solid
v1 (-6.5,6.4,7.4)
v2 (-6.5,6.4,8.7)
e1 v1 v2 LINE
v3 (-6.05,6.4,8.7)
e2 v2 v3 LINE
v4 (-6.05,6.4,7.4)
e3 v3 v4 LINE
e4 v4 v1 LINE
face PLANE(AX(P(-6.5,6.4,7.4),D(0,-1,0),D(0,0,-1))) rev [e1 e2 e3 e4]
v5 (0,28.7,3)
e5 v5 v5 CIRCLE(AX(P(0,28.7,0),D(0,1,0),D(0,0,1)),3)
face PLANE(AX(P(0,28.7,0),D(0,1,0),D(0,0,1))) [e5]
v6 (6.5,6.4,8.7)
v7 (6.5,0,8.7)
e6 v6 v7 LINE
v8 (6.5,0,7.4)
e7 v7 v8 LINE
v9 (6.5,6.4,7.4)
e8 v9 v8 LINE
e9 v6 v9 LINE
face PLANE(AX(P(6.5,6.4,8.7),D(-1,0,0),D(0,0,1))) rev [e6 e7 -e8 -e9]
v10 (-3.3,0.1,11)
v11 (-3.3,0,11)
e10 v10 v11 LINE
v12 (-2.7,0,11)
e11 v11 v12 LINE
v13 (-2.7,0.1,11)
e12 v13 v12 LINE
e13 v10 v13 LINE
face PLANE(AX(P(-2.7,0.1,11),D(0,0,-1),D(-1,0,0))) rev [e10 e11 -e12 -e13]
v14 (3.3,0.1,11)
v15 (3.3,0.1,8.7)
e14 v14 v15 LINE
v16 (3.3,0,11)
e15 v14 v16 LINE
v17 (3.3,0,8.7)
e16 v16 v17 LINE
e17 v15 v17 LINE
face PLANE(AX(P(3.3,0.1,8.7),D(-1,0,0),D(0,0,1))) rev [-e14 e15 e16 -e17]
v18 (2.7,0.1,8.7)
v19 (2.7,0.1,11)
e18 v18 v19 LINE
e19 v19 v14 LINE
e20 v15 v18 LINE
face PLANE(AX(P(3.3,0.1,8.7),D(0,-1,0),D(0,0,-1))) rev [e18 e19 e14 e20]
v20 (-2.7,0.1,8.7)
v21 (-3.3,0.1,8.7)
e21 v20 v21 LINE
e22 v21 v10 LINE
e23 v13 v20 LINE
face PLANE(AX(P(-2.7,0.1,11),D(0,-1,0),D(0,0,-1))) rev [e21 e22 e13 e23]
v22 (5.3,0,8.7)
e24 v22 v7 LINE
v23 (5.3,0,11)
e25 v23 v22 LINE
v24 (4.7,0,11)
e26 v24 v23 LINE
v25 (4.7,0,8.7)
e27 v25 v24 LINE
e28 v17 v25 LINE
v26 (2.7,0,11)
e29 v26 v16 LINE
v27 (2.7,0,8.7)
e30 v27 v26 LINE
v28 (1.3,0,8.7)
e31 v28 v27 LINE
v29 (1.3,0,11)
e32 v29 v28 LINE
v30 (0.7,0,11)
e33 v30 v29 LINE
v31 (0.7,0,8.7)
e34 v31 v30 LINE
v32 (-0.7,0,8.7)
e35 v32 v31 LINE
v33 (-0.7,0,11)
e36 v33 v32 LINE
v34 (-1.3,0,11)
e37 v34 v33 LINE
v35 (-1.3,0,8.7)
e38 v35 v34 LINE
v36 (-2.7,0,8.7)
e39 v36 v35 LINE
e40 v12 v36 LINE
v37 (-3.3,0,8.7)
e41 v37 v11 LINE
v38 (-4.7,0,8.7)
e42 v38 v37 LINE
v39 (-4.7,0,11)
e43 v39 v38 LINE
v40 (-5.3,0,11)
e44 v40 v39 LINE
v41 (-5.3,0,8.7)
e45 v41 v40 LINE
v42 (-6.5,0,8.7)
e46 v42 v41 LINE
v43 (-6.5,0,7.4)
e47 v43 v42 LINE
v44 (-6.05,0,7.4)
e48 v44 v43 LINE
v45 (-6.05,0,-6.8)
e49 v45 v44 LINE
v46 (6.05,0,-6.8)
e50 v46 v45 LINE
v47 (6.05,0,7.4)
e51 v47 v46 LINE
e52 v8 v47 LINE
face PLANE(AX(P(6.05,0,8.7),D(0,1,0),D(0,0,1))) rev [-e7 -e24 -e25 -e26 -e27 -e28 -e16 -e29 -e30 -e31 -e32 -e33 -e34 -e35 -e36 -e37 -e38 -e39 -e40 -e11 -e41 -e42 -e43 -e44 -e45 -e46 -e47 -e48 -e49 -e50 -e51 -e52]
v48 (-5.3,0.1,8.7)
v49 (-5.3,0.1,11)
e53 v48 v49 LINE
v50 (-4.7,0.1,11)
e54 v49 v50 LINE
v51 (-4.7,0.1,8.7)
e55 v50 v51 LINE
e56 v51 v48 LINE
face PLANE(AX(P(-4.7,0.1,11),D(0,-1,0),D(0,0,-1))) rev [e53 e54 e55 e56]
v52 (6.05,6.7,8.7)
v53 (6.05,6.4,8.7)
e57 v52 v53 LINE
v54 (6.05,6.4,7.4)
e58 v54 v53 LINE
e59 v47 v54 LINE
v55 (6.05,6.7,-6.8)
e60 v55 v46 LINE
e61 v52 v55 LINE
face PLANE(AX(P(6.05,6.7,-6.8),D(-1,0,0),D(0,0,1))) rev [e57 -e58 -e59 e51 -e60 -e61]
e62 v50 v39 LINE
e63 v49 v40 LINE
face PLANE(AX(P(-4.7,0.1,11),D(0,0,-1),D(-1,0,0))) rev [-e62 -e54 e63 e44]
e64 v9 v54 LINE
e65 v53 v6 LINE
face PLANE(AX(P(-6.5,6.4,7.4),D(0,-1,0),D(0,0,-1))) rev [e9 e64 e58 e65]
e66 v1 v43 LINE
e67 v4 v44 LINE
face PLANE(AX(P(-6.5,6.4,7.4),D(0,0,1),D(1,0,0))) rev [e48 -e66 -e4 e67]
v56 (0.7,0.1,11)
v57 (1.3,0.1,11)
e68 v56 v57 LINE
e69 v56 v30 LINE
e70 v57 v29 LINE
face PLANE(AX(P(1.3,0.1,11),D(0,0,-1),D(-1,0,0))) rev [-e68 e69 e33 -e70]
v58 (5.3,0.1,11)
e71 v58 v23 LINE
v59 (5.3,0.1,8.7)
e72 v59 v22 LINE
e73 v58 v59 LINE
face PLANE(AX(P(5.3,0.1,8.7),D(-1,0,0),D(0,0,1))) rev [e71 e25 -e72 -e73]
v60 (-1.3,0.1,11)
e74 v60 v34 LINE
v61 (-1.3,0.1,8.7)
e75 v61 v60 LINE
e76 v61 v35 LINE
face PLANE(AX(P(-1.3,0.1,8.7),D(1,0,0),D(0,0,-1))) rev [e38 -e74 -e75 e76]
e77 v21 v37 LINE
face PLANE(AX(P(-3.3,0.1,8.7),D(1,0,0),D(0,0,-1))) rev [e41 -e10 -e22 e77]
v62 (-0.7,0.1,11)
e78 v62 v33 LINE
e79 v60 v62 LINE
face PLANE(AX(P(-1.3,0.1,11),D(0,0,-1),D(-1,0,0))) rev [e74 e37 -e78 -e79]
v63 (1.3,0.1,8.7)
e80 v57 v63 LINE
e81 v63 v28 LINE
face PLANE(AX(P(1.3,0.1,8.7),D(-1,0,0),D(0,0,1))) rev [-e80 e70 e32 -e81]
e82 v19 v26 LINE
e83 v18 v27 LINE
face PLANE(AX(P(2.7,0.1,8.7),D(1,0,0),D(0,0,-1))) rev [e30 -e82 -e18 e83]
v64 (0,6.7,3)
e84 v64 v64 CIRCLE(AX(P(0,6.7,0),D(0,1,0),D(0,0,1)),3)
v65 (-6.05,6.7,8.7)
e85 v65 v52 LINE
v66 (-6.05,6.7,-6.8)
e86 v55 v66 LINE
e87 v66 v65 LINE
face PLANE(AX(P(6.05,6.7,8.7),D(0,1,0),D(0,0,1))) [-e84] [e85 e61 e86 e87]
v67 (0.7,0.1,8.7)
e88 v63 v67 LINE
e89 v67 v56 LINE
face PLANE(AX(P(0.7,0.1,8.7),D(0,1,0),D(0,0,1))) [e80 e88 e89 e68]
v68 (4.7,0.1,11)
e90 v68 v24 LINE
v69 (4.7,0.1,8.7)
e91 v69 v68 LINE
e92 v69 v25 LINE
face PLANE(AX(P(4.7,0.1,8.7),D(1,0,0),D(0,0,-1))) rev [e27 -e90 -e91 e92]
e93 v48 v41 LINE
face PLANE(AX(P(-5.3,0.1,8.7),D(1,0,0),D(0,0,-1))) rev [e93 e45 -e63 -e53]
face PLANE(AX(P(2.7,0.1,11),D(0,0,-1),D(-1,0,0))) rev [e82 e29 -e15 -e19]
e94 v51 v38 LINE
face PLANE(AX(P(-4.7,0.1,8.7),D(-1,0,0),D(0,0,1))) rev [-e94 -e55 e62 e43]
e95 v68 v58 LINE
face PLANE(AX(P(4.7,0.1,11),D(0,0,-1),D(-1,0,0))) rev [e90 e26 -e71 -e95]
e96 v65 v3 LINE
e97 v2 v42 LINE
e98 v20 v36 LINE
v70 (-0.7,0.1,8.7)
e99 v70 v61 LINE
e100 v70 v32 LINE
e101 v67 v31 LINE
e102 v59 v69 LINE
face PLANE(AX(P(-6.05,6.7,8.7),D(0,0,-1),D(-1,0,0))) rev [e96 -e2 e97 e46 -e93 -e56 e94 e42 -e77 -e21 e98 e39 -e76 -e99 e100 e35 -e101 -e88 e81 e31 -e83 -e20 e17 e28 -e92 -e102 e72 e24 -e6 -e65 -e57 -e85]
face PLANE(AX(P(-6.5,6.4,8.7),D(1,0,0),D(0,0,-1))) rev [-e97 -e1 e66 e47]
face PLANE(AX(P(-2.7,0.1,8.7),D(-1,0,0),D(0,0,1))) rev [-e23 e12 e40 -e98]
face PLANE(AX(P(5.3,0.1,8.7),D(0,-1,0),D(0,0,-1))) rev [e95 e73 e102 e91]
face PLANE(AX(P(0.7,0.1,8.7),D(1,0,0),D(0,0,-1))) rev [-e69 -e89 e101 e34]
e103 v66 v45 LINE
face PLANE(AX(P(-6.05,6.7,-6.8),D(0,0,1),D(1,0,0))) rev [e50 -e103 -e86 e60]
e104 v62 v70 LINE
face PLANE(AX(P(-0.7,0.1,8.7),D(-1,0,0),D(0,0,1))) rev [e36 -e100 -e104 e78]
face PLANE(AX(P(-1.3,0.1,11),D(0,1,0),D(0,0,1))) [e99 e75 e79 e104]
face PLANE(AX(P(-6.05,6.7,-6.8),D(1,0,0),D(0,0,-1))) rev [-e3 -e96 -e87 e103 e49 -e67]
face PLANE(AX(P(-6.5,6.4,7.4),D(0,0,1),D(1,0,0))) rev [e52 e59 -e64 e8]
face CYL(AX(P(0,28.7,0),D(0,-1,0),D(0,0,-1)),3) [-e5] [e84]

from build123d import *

# Parameters (mm, degrees)
SKETCH1_W      = 12.1
SKETCH1_H      = 15.5
EXTRUDE1_DEPTH = 6.7
SKETCH5_W      = 13
SKETCH5_H      = 1.3
EXTRUDE5_DEPTH = 6.4
SKETCH6_W      = 0.6
SKETCH6_H      = 2.3
EXTRUDE6_DEPTH = 0.1
SKETCH7_R      = 3
EXTRUDE7_DEPTH = 22


with BuildPart() as part:
    # Sketch1 → Extrude1 (new body)
    with BuildSketch(Plane(origin=(0, 0, 0), x_dir=(1, 0, 0), z_dir=(0, 1, 0))):
        with Locations((0, -0.95)):
            Rectangle(SKETCH1_W, SKETCH1_H)
    extrude(amount=EXTRUDE1_DEPTH)

    # Sketch5 → Extrude5 (add)
    with BuildSketch(Plane(origin=(0, 0, 0), x_dir=(1, 0, 0), z_dir=(0, 1, 0))):
        with Locations((0, -8.05)):
            Rectangle(SKETCH5_W, SKETCH5_H)
    extrude(amount=EXTRUDE5_DEPTH)

    # Sketch6 → Extrude6 (add)
    with BuildSketch(Plane(origin=(0, 0, 0), x_dir=(1, 0, 0), z_dir=(0, 1, 0))):
        with Locations((-1, -9.85)):
            Rectangle(SKETCH6_W, SKETCH6_H)
        with Locations((-3, -9.85)):
            Rectangle(SKETCH6_W, SKETCH6_H)
        with Locations((-5, -9.85)):
            Rectangle(SKETCH6_W, SKETCH6_H)
        with Locations((5, -9.85)):
            Rectangle(SKETCH6_W, SKETCH6_H)
        with Locations((3, -9.85)):
            Rectangle(SKETCH6_W, SKETCH6_H)
        with Locations((1, -9.85)):
            Rectangle(SKETCH6_W, SKETCH6_H)
    extrude(amount=EXTRUDE6_DEPTH)

    # Sketch7 → Extrude7 (add)
    with BuildSketch(Plane(origin=(0, 6.7, 0), x_dir=(1, 0, 0), z_dir=(0, 1, 0))):
        with Locations(Location((0, 0, 0), (0, 0, 270))):
            Circle(SKETCH7_R)
    extrude(amount=EXTRUDE7_DEPTH)


solid = part.part
